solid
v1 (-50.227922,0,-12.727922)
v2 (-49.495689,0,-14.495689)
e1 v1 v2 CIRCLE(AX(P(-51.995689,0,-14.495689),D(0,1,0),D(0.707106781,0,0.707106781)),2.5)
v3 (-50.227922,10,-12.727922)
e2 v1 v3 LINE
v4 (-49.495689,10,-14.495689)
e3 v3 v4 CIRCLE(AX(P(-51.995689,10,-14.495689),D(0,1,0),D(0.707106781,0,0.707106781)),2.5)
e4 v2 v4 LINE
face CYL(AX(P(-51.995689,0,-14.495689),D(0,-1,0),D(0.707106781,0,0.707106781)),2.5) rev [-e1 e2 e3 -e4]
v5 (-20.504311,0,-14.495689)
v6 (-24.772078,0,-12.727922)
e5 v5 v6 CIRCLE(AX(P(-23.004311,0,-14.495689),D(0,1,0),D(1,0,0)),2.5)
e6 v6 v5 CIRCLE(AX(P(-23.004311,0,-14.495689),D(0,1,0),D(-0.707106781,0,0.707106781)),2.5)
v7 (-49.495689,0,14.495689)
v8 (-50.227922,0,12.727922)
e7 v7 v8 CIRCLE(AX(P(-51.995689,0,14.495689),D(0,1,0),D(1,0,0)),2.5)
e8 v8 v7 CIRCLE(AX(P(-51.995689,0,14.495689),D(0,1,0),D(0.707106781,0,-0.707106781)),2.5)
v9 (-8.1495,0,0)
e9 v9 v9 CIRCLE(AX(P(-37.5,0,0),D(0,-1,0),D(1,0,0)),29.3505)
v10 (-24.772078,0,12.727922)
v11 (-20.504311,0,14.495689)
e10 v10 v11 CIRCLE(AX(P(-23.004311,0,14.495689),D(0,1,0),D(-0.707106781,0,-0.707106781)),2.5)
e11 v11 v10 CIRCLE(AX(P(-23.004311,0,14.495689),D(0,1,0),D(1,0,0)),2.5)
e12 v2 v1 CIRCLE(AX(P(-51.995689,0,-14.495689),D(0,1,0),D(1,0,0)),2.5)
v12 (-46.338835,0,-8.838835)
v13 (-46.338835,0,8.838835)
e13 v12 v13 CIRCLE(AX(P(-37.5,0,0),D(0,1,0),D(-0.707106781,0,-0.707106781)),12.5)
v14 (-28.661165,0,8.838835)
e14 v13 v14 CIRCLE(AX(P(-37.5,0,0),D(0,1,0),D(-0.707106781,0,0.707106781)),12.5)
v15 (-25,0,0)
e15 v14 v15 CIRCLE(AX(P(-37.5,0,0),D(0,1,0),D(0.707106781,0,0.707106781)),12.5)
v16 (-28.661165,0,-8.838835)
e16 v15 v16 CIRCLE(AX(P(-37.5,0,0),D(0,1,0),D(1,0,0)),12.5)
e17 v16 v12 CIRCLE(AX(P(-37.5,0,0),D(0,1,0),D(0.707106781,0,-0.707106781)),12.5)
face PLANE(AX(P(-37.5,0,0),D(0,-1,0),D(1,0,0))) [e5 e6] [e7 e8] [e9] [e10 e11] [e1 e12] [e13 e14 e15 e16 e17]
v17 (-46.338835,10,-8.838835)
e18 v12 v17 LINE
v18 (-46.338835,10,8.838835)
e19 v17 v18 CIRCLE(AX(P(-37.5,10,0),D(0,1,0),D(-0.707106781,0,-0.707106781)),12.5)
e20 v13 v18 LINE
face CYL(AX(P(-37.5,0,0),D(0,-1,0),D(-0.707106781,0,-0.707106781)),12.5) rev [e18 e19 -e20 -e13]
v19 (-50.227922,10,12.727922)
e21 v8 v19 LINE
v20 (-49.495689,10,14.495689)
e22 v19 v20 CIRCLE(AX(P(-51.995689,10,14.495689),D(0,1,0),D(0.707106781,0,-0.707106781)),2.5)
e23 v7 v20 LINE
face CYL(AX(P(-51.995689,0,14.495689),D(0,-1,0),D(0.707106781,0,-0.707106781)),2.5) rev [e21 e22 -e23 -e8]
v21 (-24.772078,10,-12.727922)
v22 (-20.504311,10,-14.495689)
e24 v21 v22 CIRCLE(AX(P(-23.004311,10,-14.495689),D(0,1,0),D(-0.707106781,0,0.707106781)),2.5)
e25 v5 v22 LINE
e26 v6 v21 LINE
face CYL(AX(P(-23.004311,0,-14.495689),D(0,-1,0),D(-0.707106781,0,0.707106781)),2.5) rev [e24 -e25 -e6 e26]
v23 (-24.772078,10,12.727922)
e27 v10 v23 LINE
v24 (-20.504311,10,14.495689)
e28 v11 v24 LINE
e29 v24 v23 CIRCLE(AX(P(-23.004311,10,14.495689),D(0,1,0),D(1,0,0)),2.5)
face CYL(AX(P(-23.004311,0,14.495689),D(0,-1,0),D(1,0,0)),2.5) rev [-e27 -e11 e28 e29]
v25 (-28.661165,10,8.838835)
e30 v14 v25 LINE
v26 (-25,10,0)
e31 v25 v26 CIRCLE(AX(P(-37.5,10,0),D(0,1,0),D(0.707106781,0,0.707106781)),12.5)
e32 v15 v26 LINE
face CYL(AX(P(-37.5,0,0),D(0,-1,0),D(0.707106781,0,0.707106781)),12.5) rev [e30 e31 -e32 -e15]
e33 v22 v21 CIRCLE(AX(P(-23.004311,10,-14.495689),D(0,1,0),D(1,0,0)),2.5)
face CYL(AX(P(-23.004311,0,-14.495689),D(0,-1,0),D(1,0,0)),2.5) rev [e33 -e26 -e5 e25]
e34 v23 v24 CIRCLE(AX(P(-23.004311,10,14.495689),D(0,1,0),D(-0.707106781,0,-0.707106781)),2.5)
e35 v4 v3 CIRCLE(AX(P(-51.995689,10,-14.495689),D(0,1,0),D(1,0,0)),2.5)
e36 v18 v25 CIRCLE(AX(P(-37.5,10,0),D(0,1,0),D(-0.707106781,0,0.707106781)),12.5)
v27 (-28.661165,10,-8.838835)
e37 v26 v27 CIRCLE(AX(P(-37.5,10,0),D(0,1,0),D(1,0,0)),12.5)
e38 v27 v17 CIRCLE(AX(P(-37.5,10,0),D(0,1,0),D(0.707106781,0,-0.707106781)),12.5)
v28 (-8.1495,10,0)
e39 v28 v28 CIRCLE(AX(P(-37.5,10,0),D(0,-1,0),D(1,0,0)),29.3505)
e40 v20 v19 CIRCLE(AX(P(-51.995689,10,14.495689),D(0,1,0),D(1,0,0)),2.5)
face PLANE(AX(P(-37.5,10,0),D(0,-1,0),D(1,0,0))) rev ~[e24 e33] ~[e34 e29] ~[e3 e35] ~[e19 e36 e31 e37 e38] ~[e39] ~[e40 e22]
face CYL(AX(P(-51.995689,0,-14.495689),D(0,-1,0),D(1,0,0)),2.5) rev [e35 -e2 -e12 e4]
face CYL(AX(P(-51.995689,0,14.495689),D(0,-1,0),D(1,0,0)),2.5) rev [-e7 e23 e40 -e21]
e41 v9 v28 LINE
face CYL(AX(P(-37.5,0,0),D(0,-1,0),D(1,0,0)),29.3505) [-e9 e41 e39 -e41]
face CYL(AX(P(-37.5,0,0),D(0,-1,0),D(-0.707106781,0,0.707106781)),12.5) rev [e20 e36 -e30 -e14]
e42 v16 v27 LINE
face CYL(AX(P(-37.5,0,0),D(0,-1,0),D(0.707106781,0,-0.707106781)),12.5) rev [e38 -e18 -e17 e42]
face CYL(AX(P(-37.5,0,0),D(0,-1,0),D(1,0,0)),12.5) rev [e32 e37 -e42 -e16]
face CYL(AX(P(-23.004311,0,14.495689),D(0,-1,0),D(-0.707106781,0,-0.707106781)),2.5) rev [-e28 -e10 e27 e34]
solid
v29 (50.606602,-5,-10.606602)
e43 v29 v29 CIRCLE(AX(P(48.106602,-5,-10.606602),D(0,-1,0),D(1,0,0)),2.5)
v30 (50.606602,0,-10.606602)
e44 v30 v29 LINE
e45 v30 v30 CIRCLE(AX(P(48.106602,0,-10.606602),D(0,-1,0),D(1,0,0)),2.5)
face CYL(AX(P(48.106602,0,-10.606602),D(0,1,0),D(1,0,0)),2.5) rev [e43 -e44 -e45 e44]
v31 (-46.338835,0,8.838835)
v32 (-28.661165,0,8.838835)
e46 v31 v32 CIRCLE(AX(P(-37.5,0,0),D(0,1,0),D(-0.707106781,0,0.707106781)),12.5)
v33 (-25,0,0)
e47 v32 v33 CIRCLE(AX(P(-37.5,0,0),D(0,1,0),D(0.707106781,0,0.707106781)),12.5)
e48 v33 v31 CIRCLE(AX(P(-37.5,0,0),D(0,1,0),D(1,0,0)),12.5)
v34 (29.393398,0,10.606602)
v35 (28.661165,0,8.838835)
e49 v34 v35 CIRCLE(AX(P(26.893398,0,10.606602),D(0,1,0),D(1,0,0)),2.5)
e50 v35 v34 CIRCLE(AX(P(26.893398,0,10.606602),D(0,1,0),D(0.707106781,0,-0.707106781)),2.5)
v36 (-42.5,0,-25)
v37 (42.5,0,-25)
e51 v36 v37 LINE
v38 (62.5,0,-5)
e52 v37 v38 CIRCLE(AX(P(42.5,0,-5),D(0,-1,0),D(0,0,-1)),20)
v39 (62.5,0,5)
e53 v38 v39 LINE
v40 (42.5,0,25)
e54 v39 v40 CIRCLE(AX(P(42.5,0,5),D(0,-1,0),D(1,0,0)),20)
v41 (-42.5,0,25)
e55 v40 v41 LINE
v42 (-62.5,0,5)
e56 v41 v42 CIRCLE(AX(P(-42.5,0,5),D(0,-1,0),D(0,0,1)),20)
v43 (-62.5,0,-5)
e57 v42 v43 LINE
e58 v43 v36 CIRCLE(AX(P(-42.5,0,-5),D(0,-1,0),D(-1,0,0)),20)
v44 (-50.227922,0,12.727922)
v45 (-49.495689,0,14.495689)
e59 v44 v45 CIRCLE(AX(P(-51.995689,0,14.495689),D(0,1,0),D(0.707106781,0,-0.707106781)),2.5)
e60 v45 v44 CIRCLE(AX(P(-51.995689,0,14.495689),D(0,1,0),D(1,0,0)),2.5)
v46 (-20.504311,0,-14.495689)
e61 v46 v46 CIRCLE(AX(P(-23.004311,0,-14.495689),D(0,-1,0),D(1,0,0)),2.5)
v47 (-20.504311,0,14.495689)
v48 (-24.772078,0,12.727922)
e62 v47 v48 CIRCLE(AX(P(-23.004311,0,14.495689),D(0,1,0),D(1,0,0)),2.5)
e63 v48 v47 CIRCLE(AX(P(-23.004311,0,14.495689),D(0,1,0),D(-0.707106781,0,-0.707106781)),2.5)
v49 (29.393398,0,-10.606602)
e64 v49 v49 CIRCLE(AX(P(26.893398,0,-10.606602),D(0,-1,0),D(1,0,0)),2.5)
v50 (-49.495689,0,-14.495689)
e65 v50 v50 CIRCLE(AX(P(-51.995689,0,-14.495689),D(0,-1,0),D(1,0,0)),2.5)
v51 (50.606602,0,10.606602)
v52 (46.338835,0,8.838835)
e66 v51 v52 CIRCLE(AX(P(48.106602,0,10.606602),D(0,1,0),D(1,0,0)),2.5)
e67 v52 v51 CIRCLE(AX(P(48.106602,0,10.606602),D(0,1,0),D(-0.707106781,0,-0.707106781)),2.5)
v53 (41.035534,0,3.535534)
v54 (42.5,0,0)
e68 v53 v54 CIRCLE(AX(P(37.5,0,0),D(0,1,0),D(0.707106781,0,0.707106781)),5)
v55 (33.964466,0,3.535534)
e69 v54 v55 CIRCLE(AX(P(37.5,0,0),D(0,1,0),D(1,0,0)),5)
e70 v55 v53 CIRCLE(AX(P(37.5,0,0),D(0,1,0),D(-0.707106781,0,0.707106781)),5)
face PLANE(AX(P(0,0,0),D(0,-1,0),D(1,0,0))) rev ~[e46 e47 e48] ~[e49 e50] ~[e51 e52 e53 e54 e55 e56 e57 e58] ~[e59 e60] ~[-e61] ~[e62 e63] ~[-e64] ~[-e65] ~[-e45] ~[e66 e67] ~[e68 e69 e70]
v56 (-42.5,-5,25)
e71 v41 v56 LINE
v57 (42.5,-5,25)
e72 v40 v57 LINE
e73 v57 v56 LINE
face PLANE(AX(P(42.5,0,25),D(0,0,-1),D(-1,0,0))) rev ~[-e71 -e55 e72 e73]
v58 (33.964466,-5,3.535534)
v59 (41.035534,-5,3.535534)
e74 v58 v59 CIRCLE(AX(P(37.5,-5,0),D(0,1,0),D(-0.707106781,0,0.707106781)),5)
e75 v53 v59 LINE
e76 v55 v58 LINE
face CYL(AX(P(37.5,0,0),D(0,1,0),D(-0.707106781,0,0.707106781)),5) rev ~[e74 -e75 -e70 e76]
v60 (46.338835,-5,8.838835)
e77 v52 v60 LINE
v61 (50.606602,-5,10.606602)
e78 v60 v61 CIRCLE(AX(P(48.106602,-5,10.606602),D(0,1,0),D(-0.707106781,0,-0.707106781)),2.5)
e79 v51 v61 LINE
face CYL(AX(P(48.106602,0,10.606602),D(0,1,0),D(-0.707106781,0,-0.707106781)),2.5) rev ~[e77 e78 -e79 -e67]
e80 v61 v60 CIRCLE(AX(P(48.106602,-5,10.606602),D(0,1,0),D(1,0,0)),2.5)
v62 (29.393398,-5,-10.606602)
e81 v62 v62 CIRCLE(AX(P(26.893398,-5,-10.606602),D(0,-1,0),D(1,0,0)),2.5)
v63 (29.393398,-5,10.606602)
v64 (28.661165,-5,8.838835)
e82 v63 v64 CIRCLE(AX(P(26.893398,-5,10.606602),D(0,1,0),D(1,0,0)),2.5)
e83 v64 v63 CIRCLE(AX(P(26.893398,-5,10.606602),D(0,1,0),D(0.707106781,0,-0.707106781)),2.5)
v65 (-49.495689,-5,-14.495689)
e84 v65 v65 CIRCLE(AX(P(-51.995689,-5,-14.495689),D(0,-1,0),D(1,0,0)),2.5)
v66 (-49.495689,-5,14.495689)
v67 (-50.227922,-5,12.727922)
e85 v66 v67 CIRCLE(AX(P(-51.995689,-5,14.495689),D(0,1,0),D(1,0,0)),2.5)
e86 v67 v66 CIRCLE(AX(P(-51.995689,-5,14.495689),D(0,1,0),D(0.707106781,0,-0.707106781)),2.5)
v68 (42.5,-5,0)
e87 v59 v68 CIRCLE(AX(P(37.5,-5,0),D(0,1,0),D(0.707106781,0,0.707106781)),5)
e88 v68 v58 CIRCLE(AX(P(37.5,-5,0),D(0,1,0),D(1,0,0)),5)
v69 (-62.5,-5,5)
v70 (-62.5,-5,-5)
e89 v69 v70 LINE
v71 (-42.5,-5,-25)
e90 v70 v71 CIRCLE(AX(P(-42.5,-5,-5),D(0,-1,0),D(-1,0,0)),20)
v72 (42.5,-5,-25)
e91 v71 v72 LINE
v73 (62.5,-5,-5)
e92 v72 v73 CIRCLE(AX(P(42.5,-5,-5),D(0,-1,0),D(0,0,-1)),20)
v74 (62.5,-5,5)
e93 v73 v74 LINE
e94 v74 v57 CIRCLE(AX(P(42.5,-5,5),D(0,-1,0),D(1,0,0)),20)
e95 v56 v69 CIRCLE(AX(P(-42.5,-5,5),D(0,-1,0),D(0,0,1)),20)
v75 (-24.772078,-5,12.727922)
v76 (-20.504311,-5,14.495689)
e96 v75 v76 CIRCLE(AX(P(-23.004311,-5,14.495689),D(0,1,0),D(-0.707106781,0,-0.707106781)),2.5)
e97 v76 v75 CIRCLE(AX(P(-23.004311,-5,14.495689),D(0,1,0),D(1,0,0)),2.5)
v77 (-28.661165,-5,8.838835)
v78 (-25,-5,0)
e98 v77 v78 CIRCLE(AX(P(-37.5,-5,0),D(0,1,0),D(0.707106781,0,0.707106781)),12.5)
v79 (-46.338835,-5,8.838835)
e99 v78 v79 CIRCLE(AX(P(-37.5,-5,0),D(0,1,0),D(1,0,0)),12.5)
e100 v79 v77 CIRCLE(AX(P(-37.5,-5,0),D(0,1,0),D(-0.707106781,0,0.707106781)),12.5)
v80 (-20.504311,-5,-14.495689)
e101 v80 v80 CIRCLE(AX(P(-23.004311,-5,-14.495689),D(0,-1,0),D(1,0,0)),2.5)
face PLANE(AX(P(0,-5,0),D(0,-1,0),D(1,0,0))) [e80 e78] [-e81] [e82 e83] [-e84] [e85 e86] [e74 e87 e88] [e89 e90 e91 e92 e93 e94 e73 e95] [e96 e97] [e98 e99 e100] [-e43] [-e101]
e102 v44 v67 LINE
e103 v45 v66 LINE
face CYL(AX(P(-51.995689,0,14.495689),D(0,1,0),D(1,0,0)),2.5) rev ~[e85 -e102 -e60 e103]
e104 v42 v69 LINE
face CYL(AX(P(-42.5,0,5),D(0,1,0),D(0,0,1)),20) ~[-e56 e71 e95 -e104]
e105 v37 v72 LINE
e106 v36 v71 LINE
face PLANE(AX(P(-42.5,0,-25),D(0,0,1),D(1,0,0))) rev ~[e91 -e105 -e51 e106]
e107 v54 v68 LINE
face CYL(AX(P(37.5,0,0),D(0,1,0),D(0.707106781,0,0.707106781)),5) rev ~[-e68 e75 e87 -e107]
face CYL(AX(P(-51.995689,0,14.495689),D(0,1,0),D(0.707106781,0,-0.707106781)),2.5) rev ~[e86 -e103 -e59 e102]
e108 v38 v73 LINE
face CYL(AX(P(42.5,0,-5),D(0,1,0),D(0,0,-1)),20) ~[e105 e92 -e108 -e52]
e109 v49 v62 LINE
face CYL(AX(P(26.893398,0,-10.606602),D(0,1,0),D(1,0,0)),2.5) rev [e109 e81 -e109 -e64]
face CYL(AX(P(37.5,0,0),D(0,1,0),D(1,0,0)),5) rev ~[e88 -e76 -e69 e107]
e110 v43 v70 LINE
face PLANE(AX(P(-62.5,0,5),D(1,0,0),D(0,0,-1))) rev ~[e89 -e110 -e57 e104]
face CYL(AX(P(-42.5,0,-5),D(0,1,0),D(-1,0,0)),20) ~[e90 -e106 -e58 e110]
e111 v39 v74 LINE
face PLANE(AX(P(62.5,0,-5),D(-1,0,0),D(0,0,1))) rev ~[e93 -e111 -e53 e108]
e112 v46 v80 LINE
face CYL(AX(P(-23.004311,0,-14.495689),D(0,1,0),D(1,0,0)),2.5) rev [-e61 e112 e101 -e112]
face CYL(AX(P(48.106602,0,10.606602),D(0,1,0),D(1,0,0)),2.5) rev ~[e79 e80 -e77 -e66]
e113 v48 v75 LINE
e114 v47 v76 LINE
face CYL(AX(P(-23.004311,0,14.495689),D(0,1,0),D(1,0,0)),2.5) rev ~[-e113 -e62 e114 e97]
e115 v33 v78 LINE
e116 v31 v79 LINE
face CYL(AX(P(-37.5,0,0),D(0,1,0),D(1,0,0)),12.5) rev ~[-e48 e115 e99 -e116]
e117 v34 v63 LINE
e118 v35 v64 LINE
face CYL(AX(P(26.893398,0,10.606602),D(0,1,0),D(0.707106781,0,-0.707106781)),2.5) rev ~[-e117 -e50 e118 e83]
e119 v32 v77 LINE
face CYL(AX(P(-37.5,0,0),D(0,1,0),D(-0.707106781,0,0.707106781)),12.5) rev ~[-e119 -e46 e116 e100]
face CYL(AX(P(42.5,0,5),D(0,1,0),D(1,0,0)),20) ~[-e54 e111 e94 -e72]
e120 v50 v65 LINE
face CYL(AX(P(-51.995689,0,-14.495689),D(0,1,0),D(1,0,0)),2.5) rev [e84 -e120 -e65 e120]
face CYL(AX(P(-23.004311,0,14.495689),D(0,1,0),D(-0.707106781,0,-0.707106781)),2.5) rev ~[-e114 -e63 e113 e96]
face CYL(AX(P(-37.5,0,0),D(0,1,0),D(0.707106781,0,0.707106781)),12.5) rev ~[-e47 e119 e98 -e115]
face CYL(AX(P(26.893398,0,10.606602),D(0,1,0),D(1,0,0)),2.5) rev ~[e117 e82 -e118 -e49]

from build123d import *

# Parameters (mm, degrees)
F0_R     = 2.5
F1_DEPTH = 5
F2_R     = 29.3505
F3_DEPTH = 10


with BuildPart() as f1:
    # F0 (on Front) → F1 (new body)
    with BuildSketch(Plane.XZ):
        with BuildLine():
            ThreePointArc((62.5, 5), (56.6421356237, 19.1421356237), (42.5, 25))
            Line((42.5, 25), (-42.5, 25))
            ThreePointArc((-42.5, 25), (-56.6421356237, 19.1421356237), (-62.5, 5))
            Line((-62.5, 5), (-62.5, -5))
            ThreePointArc((-62.5, -5), (-56.6421356237, -19.1421356237), (-42.5, -25))
            Line((-42.5, -25), (42.5, -25))
            ThreePointArc((42.5, -25), (56.6421356237, -19.1421356237), (62.5, -5))
            Line((62.5, -5), (62.5, 5))
        make_face()
        with Locations((-51.9956890143, -14.4956890143)):
            Circle(F0_R, mode=Mode.SUBTRACT)
        with Locations((-23.0043109857, -14.4956890143)):
            Circle(F0_R, mode=Mode.SUBTRACT)
        with BuildLine():
            ThreePointArc((-25, 0), (-42.2835429046, -11.5484941564), (-46.3388347648, 8.8388347648))
            ThreePointArc((-46.3388347648, 8.8388347648), (-37.5, 12.5), (-28.6611652352, 8.8388347648))
            ThreePointArc((-28.6611652352, 8.8388347648), (-25.9515058436, 4.7835429046), (-25, 0))
        make_face(mode=Mode.SUBTRACT)
        with Locations((26.8933982822, -10.6066017178)):
            Circle(F0_R, mode=Mode.SUBTRACT)
        with Locations((48.1066017178, -10.6066017178)):
            Circle(F0_R, mode=Mode.SUBTRACT)
        with BuildLine():
            ThreePointArc((42.5, 0), (35.5865828382, -4.6193976626), (33.9644660941, 3.5355339059))
            ThreePointArc((33.9644660941, 3.5355339059), (37.5, 5), (41.0355339059, 3.5355339059))
            ThreePointArc((41.0355339059, 3.5355339059), (42.1193976626, 1.9134171618), (42.5, 0))
        make_face(mode=Mode.SUBTRACT)
        with BuildLine():
            ThreePointArc((-50.2279220614, 12.7279220614), (-54.3053878456, 15.4523975952), (-49.4956890143, 14.4956890143))
            ThreePointArc((-49.4956890143, 14.4956890143), (-49.685990183, 13.5389804334), (-50.2279220614, 12.7279220614))
        make_face(mode=Mode.SUBTRACT)
        with BuildLine():
            ThreePointArc((-20.5043109857, 14.4956890143), (-22.0476024048, 12.185990183), (-24.7720779386, 12.7279220614))
            ThreePointArc((-24.7720779386, 12.7279220614), (-23.9610195666, 16.8053878456), (-20.5043109857, 14.4956890143))
        make_face(mode=Mode.SUBTRACT)
        with BuildLine():
            ThreePointArc((28.6611652352, 8.8388347648), (24.5836994509, 11.5633102987), (29.3933982822, 10.6066017178))
            ThreePointArc((29.3933982822, 10.6066017178), (29.2030971135, 9.6498931369), (28.6611652352, 8.8388347648))
        make_face(mode=Mode.SUBTRACT)
        with BuildLine():
            ThreePointArc((50.6066017178, 10.6066017178), (49.0633102987, 8.2969028865), (46.3388347648, 8.8388347648))
            ThreePointArc((46.3388347648, 8.8388347648), (47.1498931369, 12.9163005491), (50.6066017178, 10.6066017178))
        make_face(mode=Mode.SUBTRACT)
    extrude(amount=F1_DEPTH)


with BuildPart() as f3:
    # F2 (on Front) → F3 (new body)
    with BuildSketch(Plane.XZ):
        with Locations((-37.5, 0)):
            Circle(F2_R)
        with BuildLine():
            ThreePointArc((-49.4956890143, -14.4956890143), (-54.3053878456, -15.4523975952), (-50.2279220614, -12.7279220614))
            ThreePointArc((-50.2279220614, -12.7279220614), (-49.685990183, -13.5389804334), (-49.4956890143, -14.4956890143))
        make_face(mode=Mode.SUBTRACT)
        with BuildLine():
            ThreePointArc((-20.5043109857, -14.4956890143), (-23.9610195666, -16.8053878456), (-24.7720779386, -12.7279220614))
            ThreePointArc((-24.7720779386, -12.7279220614), (-22.0476024048, -12.185990183), (-20.5043109857, -14.4956890143))
        make_face(mode=Mode.SUBTRACT)
        with BuildLine():
            ThreePointArc((-50.2279220614, 12.7279220614), (-54.3053878456, 15.4523975952), (-49.4956890143, 14.4956890143))
            ThreePointArc((-49.4956890143, 14.4956890143), (-49.685990183, 13.5389804334), (-50.2279220614, 12.7279220614))
        make_face(mode=Mode.SUBTRACT)
        with BuildLine():
            ThreePointArc((-46.3388347648, -8.8388347648), (-50, 0), (-46.3388347648, 8.8388347648))
            ThreePointArc((-46.3388347648, 8.8388347648), (-37.5, 12.5), (-28.6611652352, 8.8388347648))
            ThreePointArc((-28.6611652352, 8.8388347648), (-25.9515058436, 4.7835429046), (-25, 0))
            ThreePointArc((-25, 0), (-25.9515058436, -4.7835429046), (-28.6611652352, -8.8388347648))
            ThreePointArc((-28.6611652352, -8.8388347648), (-37.5, -12.5), (-46.3388347648, -8.8388347648))
        make_face(mode=Mode.SUBTRACT)
        with BuildLine():
            ThreePointArc((-20.5043109857, 14.4956890143), (-22.0476024048, 12.185990183), (-24.7720779386, 12.7279220614))
            ThreePointArc((-24.7720779386, 12.7279220614), (-23.9610195666, 16.8053878456), (-20.5043109857, 14.4956890143))
        make_face(mode=Mode.SUBTRACT)
    extrude(amount=-F3_DEPTH)


solid = Compound([f1.part, f3.part])
